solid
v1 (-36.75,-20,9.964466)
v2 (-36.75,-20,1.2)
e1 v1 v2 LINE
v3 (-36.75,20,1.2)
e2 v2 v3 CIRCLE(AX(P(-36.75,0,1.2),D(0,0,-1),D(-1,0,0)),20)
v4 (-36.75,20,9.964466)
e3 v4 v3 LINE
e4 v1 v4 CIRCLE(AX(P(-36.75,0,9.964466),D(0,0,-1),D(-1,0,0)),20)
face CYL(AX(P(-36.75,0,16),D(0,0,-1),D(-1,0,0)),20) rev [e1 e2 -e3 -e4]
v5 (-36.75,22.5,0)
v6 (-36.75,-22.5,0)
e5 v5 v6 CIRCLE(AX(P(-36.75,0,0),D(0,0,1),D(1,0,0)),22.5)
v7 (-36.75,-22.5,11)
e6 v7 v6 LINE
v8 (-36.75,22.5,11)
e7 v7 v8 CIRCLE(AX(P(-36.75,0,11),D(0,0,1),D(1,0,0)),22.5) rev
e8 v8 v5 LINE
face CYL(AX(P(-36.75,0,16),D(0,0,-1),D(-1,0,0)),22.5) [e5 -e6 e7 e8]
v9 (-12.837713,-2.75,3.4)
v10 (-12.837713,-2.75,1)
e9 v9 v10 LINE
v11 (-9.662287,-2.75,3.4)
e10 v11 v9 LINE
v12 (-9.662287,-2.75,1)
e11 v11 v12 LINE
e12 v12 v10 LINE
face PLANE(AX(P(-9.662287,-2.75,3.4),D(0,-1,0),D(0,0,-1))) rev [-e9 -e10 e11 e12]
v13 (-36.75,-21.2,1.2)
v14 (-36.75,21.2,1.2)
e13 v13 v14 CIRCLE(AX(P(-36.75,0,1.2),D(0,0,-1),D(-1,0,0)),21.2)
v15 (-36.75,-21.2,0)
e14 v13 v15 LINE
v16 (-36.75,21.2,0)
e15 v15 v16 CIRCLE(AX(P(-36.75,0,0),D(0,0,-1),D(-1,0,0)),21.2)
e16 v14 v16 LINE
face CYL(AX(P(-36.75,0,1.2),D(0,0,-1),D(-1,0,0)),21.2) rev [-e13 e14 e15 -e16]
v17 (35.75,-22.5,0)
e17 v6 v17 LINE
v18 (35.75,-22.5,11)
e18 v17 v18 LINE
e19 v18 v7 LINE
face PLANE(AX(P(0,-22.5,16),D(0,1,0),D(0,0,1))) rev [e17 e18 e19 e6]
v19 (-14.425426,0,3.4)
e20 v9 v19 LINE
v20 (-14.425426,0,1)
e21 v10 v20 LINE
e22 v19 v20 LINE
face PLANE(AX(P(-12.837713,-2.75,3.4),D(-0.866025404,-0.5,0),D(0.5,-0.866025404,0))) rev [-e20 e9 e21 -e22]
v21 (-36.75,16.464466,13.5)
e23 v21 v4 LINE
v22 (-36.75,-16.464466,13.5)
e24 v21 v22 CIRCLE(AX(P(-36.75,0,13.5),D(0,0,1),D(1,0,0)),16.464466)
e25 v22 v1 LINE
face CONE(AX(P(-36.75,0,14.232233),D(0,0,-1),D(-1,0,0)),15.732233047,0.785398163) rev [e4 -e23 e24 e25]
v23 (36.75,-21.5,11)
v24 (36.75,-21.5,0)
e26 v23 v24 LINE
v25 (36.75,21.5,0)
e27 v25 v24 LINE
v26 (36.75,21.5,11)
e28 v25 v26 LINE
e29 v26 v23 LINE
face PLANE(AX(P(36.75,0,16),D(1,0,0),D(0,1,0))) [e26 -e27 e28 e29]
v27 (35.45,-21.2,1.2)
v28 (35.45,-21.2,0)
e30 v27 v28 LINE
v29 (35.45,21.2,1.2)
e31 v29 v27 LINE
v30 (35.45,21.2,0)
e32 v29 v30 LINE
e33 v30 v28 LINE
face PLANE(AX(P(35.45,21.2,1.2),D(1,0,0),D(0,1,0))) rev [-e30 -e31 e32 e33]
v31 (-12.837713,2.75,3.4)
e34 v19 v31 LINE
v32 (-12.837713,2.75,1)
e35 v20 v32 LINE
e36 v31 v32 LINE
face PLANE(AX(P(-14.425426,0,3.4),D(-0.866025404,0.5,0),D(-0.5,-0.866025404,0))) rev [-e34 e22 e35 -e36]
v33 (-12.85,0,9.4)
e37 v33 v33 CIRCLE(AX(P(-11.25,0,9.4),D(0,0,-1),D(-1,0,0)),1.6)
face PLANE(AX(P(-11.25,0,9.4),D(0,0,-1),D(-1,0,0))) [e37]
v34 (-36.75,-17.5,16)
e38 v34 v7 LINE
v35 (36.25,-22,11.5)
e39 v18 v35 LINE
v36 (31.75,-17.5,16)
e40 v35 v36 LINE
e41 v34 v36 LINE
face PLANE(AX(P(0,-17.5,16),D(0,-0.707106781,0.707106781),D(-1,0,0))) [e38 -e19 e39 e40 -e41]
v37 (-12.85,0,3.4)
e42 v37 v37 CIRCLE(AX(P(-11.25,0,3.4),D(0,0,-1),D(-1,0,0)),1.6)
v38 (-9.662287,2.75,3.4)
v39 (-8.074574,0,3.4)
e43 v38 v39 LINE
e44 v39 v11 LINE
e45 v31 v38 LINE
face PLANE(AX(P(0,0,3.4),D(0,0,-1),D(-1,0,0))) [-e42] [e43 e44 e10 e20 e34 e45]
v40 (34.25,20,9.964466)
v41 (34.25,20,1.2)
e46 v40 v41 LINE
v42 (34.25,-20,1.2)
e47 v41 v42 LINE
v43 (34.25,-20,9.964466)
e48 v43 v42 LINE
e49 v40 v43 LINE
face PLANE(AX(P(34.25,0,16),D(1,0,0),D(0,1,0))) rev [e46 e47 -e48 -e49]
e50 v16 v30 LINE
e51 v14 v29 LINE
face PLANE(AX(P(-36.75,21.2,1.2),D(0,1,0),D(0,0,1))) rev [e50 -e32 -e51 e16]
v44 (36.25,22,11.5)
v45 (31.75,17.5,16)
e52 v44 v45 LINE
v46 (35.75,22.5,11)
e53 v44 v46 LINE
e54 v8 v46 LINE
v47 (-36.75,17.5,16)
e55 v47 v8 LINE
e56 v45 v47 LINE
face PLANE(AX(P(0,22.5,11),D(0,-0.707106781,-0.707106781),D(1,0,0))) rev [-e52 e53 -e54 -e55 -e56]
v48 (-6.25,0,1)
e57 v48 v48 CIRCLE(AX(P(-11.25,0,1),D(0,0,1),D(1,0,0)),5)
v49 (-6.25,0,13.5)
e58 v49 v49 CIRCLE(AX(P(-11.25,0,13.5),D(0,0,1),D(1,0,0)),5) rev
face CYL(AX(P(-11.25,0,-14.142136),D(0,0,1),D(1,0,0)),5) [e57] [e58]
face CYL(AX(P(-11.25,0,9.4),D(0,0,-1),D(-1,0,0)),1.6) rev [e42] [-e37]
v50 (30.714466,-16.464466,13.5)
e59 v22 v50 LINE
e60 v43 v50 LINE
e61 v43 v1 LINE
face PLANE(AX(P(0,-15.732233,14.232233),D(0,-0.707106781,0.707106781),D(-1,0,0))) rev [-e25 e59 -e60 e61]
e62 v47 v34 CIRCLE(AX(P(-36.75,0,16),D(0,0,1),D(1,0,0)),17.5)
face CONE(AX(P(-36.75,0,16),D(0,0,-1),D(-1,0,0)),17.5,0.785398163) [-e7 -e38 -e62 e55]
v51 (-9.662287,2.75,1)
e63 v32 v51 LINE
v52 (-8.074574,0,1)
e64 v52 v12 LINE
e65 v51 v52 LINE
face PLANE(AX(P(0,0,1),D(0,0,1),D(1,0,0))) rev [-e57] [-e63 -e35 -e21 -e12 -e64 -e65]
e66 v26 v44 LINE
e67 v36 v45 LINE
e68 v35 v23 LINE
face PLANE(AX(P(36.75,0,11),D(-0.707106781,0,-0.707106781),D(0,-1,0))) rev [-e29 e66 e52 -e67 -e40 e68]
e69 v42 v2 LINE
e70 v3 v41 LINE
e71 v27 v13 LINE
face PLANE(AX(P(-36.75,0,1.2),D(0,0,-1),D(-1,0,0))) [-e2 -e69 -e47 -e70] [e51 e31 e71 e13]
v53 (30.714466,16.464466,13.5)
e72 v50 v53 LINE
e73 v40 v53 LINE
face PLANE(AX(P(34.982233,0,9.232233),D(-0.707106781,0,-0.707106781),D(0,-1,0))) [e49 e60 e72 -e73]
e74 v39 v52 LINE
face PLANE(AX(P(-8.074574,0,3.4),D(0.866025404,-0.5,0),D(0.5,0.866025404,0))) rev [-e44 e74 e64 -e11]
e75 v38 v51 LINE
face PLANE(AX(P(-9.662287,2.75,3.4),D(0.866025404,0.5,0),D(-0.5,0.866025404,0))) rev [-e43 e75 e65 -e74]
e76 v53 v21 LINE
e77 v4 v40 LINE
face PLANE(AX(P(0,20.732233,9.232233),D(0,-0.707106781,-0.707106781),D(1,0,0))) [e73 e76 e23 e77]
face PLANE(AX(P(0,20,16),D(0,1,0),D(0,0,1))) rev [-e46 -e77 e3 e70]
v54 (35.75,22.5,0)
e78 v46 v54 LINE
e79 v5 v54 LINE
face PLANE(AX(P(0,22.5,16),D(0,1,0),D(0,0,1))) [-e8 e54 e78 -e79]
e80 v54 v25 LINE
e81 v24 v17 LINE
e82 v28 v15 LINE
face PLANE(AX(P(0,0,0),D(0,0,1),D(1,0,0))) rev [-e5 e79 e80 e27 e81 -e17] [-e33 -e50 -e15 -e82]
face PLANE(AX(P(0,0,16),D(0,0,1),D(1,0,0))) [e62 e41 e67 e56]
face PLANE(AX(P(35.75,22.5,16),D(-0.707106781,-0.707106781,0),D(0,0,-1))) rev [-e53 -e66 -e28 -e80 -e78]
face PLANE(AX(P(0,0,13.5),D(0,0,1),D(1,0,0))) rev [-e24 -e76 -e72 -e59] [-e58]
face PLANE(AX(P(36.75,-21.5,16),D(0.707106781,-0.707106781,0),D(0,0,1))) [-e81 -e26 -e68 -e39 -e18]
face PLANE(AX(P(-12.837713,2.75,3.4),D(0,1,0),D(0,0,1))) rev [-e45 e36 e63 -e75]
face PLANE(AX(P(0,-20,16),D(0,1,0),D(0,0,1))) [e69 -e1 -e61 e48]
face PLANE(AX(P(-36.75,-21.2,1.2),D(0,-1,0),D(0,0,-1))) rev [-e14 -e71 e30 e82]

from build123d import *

# Parameters (mm, degrees)
EXTRUDE_1_DEPTH     = 16
CHAMFER_1_SIZE      = 5
SHELL_1_T           = -2.5
CUT_EXTRUDE_1_DEPTH = 1.2
SKETCH_3_R          = 5
EXTRUDE_2_DEPTH     = 12.5
CUT_EXTRUDE_2_DEPTH = 2.4
SKETCH_5_R          = 1.6
CUT_EXTRUDE_3_DEPTH = 6
CHAMFER_2_SIZE      = 1


with BuildPart() as part:
    # 草图1 → 凸台-拉伸1 (new body)
    with BuildSketch(Plane.XY):
        with BuildLine():
            ThreePointArc((-14.25, 0), (-20.840097423, 15.909902577), (-36.75, 22.5))
            Line((-36.75, 22.5), (-36.75, -22.5))
            ThreePointArc((-36.75, -22.5), (-20.840097423, -15.909902577), (-14.25, 0))
        make_face()
        with BuildLine():
            Line((-36.75, -22.5), (-36.75, 22.5))
            ThreePointArc((-36.75, 22.5), (-59.25, 0), (-36.75, -22.5))
        make_face()
        with BuildLine():
            Line((36.75, 22.5), (-36.75, 22.5))
            ThreePointArc((-36.75, 22.5), (-20.840097423, 15.909902577), (-14.25, 0))
            ThreePointArc((-14.25, 0), (-20.840097423, -15.909902577), (-36.75, -22.5))
            Line((-36.75, -22.5), (36.75, -22.5))
            Line((36.75, -22.5), (36.75, 22.5))
        make_face()
    extrude(amount=EXTRUDE_1_DEPTH)

    # 倒角1
    chamfer_1_edges = [part.edges().sort_by_distance(p)[0] for p in [
        (0, -22.5, 16),
        (36.75, 0, 16),
        (0, 22.5, 16),
        (-59.25, 0, 16),
    ]]
    chamfer(chamfer_1_edges, length=CHAMFER_1_SIZE)

    # 抽壳1
    shell_1_openings = [part.faces().sort_by_distance(p)[0] for p in [
        (-8.974037689, 0, 0),
    ]]
    offset(amount=SHELL_1_T, openings=shell_1_openings, kind=Kind.INTERSECTION)

    # 草图2 → 切除-拉伸1 (cut)
    with BuildSketch(Plane(origin=(0, 0, 0), x_dir=(-1, 0, 0), z_dir=(0, 0, -1))):
        with BuildLine():
            Line((36.75, 21.2), (-35.45, 21.2))
            Line((-35.45, 21.2), (-35.45, -21.2))
            Line((-35.45, -21.2), (36.75, -21.2))
            ThreePointArc((36.75, -21.2), (57.95, 0), (36.75, 21.2))
        make_face()
        with BuildLine():
            Line((36.75, -20), (-34.25, -20))
            Line((-34.25, -20), (-34.25, 20))
            Line((-34.25, 20), (36.75, 20))
            ThreePointArc((36.75, 20), (56.75, 0), (36.75, -20))
        make_face(mode=Mode.SUBTRACT)
    extrude(amount=-CUT_EXTRUDE_1_DEPTH, mode=Mode.SUBTRACT)

    # 草图3 → 凸台-拉伸2 (add)
    with BuildSketch(Plane(origin=(0, 0, 13.5), x_dir=(-1, 0, 0), z_dir=(0, 0, -1))):
        with Locations(Location((11.25, 0, 0), (0, 0, 180))):
            Circle(SKETCH_3_R)
    extrude(amount=EXTRUDE_2_DEPTH)

    # 草图4 → 切除-拉伸2 (cut)
    with BuildSketch(Plane(origin=(0, 0, 1), x_dir=(-1, 0, 0), z_dir=(0, 0, -1))):
        Polygon((9.66228676, -2.75), (12.83771324, -2.75), (14.425426481, 0), (12.83771324, 2.75), (9.66228676, 2.75), (8.074573519, 0), align=None)
    extrude(amount=-CUT_EXTRUDE_2_DEPTH, mode=Mode.SUBTRACT)

    # 草图5 → 切除-拉伸3 (cut)
    with BuildSketch(Plane(origin=(0, 0, 3.4), x_dir=(-1, 0, 0), z_dir=(0, 0, -1))):
        with Locations((11.25, 0)):
            Circle(SKETCH_5_R)
    extrude(amount=-CUT_EXTRUDE_3_DEPTH, mode=Mode.SUBTRACT)

    # 倒角2
    chamfer_2_edges = [part.edges().sort_by_distance(p)[0] for p in [
        (36.75, -22.5, 5.5),
        (36.75, 22.5, 5.5),
    ]]
    chamfer(chamfer_2_edges, length=CHAMFER_2_SIZE)


solid = part.part
